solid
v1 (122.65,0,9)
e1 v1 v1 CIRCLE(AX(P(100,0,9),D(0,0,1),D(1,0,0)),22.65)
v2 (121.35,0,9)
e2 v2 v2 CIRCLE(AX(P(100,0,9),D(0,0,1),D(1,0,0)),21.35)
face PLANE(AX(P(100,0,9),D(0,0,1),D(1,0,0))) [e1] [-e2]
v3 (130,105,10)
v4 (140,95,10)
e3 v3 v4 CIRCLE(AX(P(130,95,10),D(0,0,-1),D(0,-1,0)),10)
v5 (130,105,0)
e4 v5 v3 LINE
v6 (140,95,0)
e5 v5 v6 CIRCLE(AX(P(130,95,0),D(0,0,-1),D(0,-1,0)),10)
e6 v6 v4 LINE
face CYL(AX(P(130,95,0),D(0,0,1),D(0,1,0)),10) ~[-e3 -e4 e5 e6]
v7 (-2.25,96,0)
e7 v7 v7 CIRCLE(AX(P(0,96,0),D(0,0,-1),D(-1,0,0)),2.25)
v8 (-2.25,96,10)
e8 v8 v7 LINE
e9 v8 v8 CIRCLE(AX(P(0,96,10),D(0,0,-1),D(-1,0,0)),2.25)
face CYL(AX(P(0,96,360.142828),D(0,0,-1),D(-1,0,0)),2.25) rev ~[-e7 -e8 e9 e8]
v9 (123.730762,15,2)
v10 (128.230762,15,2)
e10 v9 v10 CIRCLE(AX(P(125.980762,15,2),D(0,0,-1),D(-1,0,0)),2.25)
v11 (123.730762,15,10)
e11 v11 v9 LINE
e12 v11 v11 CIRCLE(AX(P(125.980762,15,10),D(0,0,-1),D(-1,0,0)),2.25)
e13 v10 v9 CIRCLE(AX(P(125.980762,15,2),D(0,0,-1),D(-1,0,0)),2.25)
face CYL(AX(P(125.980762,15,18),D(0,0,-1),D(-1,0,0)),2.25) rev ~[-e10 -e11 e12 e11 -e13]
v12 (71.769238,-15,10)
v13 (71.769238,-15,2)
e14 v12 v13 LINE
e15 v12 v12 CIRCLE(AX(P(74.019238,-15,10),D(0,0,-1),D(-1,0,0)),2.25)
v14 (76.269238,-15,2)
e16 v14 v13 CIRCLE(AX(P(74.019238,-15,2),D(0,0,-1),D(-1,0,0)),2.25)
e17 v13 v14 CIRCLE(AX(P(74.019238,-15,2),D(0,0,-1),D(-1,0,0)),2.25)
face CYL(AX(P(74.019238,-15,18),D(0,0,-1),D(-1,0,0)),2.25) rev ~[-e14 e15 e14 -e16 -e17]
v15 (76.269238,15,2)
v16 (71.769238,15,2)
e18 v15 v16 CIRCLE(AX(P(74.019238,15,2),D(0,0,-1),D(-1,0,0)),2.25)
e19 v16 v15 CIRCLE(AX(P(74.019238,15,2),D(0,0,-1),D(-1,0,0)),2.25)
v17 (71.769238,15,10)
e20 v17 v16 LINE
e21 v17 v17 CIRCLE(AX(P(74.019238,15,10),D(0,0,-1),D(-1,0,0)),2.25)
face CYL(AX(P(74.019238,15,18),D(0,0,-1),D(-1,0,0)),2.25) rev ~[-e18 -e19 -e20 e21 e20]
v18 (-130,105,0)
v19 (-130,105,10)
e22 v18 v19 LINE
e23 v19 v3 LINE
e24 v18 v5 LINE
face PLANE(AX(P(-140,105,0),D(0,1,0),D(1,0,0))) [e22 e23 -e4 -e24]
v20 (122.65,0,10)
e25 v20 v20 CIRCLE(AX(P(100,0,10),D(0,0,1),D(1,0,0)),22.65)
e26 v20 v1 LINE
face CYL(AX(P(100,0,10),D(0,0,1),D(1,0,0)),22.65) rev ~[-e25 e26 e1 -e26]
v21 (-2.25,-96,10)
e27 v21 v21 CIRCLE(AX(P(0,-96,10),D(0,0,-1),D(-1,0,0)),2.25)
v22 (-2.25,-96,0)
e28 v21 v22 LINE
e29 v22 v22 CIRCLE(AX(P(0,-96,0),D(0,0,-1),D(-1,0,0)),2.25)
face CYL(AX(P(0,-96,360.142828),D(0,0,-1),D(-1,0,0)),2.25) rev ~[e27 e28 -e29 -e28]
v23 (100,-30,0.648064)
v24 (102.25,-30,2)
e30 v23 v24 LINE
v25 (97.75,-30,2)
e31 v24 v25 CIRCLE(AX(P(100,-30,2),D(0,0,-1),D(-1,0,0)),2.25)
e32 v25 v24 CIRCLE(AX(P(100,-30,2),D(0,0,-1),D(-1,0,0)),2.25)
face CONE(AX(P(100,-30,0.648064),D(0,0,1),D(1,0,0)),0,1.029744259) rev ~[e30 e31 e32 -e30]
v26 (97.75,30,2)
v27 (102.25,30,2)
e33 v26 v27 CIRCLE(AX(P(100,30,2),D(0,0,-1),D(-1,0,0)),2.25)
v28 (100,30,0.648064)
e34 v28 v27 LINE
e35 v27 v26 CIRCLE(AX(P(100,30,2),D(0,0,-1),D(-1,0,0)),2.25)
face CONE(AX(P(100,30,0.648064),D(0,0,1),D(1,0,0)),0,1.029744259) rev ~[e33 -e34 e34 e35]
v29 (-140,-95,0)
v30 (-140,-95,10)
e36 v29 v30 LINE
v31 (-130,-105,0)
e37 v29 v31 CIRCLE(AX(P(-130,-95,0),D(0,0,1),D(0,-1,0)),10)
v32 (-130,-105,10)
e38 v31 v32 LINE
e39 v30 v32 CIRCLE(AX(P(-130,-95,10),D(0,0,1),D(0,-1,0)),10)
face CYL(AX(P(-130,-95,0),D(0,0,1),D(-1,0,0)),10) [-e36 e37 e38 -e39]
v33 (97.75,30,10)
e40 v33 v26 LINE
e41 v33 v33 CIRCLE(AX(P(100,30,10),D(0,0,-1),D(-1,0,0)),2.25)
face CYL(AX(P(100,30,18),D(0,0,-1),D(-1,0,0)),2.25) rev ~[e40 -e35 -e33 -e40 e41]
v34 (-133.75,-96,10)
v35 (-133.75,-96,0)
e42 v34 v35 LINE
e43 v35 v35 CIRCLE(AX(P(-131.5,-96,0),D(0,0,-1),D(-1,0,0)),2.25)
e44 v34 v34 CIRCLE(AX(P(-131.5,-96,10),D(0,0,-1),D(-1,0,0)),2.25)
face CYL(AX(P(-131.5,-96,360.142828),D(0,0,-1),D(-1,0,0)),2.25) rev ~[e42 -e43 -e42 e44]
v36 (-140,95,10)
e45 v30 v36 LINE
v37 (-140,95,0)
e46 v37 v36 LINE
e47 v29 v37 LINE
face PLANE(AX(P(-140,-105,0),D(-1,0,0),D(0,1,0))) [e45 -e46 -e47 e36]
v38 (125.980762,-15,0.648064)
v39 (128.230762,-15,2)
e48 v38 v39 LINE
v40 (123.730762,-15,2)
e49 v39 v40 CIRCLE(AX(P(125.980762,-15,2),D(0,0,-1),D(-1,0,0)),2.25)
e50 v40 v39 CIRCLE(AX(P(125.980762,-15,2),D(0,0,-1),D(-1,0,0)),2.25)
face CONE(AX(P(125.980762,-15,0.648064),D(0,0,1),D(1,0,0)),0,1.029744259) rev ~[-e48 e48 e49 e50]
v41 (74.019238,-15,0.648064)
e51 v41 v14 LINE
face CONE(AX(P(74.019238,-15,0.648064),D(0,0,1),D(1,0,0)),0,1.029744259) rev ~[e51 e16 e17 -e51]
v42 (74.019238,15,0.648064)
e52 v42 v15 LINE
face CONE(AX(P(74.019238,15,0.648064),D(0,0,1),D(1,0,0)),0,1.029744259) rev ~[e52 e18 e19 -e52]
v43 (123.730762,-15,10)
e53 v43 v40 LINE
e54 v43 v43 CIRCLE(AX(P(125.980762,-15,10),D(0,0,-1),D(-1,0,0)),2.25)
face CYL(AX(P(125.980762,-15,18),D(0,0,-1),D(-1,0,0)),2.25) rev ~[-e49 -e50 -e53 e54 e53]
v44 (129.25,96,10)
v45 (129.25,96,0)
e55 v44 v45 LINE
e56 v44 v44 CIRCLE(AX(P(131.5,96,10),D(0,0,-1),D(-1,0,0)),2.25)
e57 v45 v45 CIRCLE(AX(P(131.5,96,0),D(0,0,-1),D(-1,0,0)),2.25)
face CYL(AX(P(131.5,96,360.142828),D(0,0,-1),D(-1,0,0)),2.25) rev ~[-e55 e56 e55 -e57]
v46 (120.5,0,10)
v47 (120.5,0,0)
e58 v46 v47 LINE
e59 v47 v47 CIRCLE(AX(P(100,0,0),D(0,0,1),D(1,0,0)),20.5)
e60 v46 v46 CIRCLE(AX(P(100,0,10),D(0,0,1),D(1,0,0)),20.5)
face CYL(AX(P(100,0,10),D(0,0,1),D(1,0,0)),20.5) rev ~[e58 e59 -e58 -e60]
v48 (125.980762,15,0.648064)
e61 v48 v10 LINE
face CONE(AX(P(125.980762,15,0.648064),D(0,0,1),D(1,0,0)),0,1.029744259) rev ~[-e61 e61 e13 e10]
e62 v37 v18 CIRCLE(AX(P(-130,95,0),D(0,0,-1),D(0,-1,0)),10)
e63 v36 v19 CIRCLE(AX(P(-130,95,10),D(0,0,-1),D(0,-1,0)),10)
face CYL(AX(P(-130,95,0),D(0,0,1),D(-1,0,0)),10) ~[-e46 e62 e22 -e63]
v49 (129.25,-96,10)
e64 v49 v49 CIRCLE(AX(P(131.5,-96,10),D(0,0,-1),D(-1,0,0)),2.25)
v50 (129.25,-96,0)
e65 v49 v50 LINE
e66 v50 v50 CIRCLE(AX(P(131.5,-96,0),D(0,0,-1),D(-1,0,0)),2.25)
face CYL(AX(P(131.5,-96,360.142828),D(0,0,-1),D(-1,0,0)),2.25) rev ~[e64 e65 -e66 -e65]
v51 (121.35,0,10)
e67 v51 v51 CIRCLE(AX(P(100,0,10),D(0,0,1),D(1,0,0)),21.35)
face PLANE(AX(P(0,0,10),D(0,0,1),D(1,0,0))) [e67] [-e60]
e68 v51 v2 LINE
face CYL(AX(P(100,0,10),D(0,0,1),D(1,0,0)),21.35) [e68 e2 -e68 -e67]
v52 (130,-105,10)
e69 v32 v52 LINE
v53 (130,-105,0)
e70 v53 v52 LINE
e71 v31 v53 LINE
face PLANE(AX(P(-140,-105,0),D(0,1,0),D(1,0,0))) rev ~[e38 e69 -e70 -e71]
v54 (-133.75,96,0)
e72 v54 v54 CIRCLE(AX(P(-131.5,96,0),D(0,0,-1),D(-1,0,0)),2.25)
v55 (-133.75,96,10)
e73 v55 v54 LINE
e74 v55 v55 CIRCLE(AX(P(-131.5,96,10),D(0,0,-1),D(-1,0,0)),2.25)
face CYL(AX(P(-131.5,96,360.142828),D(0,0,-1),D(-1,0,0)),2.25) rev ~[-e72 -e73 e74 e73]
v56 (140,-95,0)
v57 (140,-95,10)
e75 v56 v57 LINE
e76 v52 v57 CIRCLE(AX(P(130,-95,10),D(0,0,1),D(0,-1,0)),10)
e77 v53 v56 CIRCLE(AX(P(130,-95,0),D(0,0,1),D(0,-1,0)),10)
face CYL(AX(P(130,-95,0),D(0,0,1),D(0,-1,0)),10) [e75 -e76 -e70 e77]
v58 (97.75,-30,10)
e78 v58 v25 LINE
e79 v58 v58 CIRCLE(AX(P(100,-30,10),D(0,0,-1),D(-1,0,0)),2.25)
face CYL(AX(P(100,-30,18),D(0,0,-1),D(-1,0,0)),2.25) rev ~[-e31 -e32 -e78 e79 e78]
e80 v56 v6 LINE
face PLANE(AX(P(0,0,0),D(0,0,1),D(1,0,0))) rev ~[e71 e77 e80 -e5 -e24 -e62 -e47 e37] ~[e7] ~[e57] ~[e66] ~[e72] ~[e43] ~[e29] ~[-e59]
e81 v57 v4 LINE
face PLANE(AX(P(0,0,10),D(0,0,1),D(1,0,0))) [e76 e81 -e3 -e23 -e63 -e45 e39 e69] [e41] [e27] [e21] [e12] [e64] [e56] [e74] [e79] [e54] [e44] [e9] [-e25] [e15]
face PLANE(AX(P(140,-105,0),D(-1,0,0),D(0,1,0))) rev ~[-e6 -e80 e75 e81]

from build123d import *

# Parameters (mm, degrees)
F0_W     = 280
F0_H     = 210
F1_DEPTH = 10
F2_R     = 20.5
F3_DEPTH = 10
F5_R     = 10
F7_D     = 4.5
F8_D     = 4.5
F8_DEPTH = 8
F8_TIP   = 1.3519363928
F2_R_2   = 22.65
F2_R_3   = 21.35
F9_DEPTH = 1


with BuildPart() as f1:
    # F0 (on Top) → F1 (new body)
    with BuildSketch(Plane.XY):
        Rectangle(F0_W, F0_H)
    extrude(amount=F1_DEPTH)


with BuildPart() as f3:
    # F2 (on face) → F3 (new body)
    with BuildSketch(Plane.XY.offset(10)):
        with Locations((100, 0)):
            Circle(F2_R)
    extrude(amount=-F3_DEPTH)


with BuildPart() as f1_1:
    add(f1.part)

    # F4: cut F3
    add(f3.part, mode=Mode.SUBTRACT)

    # F5
    f5_edges = [f1_1.edges().sort_by_distance(p)[0] for p in [
        (-140, 105, 5),
        (140, 105, 5),
        (140, -105, 5),
        (-140, -105, 5),
    ]]
    fillet(f5_edges, radius=F5_R)

    # F7 (through all)
    with Locations(Plane.XY.offset(10)):
        with Locations((-131.5, 96), (0, 96), (131.5, 96), (131.5, -96), (0, -96), (-131.5, -96)):
            Hole(F7_D / 2)

    # F8
    with Locations(Plane.XY.offset(10)):
        with Locations((100, 30), (125.9807621135, 15), (125.9807621135, -15), (100, -30), (74.0192378865, -15), (74.0192378865, 15)):
            Hole(F8_D / 2, depth=F8_DEPTH)
            with Locations((0, 0, -(F8_DEPTH + F8_TIP / 2))):  # 118° drill point
                Cone(0, F8_D / 2, F8_TIP, mode=Mode.SUBTRACT)


with BuildPart() as f9:
    # F2 (on face) → F9 (new body)
    with BuildSketch(Plane.XY.offset(10)):
        with Locations((100, 0)):
            Circle(F2_R_2)
        with Locations((100, 0)):
            Circle(F2_R_3, mode=Mode.SUBTRACT)
    extrude(amount=-F9_DEPTH)


with BuildPart() as f1_2:
    add(f1_1.part)

    # F10: cut F9
    add(f9.part, mode=Mode.SUBTRACT)


solid = f1_2.part
